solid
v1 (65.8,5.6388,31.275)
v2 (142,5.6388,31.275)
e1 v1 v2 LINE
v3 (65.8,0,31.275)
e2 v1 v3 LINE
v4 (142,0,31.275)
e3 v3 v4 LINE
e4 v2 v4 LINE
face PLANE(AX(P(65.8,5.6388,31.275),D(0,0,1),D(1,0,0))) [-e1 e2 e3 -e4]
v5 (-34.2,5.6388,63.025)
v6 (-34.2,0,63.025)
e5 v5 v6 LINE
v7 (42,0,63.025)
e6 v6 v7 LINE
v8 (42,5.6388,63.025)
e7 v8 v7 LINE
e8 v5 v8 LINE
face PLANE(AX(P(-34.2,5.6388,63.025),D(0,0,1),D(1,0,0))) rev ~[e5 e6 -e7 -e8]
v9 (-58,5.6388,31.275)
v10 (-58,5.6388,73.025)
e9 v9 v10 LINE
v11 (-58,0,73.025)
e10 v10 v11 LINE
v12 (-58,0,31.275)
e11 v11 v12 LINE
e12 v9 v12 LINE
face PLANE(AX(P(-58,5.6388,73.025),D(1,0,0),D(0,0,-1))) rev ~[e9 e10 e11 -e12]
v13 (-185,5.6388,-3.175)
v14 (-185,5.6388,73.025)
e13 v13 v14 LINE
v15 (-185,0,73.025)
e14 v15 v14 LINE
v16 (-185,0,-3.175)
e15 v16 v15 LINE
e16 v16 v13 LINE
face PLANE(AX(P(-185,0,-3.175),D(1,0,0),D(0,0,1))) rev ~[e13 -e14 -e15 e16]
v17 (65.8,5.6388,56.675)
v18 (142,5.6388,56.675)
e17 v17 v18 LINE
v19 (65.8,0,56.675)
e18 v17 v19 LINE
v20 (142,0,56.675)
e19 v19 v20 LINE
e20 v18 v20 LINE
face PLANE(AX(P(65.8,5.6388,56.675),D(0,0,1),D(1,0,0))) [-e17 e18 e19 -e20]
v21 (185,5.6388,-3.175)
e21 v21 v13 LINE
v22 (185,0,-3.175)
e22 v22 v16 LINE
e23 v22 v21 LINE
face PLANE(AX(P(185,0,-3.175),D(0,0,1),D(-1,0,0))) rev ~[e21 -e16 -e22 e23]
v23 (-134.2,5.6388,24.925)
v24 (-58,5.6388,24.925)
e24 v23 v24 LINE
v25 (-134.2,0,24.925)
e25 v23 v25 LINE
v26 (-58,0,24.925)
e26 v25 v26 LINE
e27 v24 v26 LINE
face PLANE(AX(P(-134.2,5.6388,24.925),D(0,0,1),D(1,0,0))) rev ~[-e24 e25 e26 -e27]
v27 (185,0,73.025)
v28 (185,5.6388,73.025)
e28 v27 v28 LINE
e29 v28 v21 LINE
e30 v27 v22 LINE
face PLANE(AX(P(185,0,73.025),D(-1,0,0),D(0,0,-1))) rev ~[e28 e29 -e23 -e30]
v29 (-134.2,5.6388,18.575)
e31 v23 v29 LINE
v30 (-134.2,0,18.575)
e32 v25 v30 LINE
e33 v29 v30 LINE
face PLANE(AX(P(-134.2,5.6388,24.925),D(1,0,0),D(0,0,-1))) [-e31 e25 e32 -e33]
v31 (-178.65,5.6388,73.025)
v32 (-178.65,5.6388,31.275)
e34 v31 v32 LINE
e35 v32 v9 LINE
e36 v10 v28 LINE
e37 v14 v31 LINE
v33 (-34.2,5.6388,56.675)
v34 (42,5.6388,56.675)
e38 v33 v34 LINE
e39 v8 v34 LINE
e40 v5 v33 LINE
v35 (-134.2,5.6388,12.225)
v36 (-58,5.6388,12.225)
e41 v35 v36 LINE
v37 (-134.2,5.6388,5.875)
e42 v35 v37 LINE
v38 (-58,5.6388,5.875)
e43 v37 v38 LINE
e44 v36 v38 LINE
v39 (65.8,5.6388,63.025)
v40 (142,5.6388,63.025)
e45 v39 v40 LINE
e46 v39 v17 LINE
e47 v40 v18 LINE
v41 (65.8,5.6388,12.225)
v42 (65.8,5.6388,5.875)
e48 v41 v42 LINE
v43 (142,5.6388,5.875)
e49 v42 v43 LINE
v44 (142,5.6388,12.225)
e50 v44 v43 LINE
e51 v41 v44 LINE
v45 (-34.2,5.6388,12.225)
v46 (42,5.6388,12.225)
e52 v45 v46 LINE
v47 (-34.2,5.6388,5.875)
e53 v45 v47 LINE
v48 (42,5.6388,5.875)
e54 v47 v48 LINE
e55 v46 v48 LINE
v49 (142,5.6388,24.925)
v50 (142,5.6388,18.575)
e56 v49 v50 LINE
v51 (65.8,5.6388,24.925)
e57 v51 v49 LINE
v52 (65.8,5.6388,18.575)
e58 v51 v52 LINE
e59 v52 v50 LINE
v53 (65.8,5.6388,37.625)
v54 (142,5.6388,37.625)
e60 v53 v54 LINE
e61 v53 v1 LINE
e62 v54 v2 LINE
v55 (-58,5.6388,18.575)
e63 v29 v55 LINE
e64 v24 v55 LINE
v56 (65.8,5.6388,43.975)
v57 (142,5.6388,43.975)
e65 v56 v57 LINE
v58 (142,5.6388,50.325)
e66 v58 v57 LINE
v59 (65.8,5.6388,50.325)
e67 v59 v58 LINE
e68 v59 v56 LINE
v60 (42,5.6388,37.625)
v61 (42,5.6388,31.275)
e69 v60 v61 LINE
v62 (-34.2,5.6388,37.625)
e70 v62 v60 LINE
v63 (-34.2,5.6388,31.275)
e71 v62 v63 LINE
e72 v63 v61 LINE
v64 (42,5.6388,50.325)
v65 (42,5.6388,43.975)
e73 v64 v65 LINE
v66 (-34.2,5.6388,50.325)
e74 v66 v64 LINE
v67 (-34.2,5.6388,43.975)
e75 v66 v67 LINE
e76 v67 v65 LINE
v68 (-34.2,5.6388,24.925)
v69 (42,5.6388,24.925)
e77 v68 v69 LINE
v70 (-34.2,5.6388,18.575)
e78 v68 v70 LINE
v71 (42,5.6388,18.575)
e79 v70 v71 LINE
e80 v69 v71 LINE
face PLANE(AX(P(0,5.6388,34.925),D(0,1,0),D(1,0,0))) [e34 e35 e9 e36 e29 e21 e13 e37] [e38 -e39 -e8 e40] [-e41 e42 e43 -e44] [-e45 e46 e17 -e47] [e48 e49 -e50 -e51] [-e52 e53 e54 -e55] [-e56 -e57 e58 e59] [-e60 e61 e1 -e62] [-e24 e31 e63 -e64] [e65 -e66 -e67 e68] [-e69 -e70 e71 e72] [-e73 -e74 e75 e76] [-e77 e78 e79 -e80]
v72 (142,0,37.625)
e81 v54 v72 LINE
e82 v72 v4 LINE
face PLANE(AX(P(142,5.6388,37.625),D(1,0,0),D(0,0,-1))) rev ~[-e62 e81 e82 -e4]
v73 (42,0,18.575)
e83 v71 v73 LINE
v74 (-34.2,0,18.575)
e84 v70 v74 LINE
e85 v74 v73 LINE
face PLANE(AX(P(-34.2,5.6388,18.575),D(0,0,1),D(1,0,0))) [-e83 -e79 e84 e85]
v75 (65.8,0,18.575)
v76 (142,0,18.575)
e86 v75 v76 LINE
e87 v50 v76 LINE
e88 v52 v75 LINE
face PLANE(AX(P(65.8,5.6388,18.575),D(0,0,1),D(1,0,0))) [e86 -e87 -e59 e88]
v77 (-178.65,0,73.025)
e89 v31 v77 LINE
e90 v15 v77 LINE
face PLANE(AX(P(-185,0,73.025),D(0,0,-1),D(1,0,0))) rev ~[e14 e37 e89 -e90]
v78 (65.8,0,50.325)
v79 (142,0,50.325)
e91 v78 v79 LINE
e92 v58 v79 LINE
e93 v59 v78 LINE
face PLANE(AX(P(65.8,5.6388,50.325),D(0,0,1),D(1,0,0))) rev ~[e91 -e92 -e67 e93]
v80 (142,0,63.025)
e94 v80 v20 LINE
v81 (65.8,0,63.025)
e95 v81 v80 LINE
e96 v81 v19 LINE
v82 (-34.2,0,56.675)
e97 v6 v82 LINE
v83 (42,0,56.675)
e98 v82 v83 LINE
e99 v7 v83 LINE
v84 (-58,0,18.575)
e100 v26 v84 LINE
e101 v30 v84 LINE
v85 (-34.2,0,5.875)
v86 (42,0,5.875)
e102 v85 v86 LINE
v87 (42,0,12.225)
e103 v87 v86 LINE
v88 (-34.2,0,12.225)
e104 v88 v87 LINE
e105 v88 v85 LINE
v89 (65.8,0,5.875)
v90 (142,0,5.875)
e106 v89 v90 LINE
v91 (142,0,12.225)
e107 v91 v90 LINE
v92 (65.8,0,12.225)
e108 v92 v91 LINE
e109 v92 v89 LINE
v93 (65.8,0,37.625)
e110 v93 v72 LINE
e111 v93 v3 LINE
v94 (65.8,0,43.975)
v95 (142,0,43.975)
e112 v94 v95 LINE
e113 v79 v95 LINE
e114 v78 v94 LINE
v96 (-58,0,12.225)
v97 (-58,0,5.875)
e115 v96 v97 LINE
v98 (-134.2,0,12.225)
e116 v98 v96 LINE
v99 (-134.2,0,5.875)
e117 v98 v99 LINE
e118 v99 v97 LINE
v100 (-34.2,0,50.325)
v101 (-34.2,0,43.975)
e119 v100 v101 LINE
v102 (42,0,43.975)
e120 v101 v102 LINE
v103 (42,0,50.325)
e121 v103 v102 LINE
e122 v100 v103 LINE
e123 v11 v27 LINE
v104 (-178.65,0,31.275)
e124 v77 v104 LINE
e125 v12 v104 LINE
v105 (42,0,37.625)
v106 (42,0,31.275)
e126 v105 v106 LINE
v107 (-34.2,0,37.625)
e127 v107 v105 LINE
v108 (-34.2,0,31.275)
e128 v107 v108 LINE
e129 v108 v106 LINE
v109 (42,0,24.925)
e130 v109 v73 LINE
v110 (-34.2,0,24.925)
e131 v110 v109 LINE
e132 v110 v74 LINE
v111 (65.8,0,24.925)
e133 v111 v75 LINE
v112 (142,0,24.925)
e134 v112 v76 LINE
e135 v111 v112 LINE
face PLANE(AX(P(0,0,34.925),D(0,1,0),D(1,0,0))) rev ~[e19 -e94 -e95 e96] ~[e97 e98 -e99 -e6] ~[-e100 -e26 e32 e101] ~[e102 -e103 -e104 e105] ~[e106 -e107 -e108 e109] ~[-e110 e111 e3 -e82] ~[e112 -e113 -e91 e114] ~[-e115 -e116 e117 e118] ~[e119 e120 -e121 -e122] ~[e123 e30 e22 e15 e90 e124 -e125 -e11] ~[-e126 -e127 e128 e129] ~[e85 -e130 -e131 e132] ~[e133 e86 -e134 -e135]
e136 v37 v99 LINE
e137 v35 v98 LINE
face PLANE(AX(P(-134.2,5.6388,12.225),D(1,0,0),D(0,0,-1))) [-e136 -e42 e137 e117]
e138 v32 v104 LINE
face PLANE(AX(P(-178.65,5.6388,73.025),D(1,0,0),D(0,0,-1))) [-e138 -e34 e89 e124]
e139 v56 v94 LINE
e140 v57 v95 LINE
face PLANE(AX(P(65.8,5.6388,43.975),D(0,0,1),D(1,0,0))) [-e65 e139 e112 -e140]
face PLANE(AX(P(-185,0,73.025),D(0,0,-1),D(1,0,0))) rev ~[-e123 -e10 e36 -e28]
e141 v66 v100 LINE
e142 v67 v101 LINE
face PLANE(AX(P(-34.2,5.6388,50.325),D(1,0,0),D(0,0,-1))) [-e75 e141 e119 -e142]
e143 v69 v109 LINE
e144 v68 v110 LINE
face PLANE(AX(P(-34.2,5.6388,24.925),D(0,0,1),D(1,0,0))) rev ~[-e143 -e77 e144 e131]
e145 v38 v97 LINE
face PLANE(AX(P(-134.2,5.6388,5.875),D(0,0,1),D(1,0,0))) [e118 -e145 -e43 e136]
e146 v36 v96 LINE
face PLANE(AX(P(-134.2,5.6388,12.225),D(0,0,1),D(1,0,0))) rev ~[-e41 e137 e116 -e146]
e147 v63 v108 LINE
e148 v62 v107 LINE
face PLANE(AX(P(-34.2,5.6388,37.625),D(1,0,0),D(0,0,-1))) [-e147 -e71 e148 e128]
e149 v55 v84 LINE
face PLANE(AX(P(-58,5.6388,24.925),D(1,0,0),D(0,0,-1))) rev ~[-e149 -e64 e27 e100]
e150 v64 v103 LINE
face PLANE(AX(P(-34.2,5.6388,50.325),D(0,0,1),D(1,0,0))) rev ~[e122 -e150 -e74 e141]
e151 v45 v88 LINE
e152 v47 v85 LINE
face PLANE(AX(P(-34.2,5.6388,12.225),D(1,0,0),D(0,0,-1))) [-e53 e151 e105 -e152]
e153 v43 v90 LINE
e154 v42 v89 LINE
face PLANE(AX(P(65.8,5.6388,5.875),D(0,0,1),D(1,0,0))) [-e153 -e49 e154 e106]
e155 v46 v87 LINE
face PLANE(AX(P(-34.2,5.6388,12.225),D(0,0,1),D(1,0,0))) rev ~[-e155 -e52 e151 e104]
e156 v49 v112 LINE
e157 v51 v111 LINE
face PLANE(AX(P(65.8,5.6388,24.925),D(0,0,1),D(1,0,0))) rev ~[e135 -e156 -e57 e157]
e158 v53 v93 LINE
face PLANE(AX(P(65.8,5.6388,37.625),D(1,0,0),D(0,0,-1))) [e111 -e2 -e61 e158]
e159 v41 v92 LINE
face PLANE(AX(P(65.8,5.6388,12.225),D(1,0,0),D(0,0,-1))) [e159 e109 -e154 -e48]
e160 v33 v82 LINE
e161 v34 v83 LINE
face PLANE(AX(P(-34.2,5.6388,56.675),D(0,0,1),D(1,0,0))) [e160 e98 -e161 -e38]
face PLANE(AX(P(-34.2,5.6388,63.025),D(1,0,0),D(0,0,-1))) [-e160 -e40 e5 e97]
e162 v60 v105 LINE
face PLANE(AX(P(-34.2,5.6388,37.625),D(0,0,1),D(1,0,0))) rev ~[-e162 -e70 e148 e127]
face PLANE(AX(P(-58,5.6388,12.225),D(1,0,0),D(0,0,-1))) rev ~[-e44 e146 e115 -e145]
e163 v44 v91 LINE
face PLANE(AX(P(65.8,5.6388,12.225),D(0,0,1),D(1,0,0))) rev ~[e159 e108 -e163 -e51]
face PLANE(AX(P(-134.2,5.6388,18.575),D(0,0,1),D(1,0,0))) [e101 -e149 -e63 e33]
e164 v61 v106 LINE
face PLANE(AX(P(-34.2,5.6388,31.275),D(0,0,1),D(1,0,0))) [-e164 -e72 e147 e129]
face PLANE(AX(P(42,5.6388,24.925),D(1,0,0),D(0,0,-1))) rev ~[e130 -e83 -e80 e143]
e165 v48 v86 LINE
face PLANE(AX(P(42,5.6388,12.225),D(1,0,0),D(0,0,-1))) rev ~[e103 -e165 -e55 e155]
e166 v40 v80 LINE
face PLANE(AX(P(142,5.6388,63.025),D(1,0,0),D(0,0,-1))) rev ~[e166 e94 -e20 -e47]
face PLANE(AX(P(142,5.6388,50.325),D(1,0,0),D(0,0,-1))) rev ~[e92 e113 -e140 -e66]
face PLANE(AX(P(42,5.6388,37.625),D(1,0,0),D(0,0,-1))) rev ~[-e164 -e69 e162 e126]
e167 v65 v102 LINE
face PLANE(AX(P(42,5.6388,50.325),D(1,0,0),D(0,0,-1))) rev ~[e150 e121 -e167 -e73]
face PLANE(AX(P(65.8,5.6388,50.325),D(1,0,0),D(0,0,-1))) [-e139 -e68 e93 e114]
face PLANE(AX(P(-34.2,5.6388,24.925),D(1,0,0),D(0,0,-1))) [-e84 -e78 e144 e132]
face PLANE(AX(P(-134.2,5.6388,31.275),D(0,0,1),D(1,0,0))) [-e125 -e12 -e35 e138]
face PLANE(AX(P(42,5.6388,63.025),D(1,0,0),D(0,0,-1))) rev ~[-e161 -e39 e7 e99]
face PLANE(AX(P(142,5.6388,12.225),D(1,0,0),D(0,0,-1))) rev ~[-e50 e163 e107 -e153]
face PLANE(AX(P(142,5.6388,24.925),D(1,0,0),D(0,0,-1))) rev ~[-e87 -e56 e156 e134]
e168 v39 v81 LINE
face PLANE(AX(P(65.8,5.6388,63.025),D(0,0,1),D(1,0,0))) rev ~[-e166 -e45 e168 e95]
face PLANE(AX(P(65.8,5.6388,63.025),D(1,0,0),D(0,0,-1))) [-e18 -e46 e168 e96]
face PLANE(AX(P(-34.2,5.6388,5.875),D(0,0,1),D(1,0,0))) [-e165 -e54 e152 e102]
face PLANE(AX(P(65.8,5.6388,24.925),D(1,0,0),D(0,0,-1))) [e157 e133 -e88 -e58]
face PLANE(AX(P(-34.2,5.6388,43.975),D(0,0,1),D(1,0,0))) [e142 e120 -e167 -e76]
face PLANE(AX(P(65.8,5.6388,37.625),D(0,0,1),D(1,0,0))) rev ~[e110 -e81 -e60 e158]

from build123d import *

# Parameters (mm, degrees)
BOSS_EXTRUDE1_DEPTH  = 5.6388
SKETCH2_W            = 76.2
SKETCH2_H            = 6.35
CUT_EXTRUDE1_DEPTH   = 6.6388
LPATTERN1_COUNT      = 5
LPATTERN1_PITCH      = 12.7
LPATTERN1_COUNT_DIR2 = 3
LPATTERN1_PITCH_DIR2 = 100
SKETCH3_W            = 120.65
SKETCH3_H            = 41.75
CUT_EXTRUDE2_DEPTH   = 6.6388


with BuildPart() as part:
    # Sketch1 → Boss-Extrude1 (new body)
    with BuildSketch(Plane(origin=(0, 0, 0), x_dir=(1, 0, 0), z_dir=(0, 1, 0))):
        Polygon((-185, -73.025), (185, -73.025), (185, -6.825), (185, 3.175), (175, 3.175), (-175, 3.175), (-185, 3.175), (-185, -6.825), align=None)
    extrude(amount=BOSS_EXTRUDE1_DEPTH)

    # Sketch2 → Cut-Extrude1 (cut, through all)
    with BuildSketch(Plane(origin=(0, 5.6388, 0), x_dir=(1, 0, 0), z_dir=(0, 1, 0))):
        with Locations((-96.1, -59.85)):
            Rectangle(SKETCH2_W, SKETCH2_H)
    cut_extrude1 = extrude(amount=-CUT_EXTRUDE1_DEPTH, mode=Mode.SUBTRACT)

    # LPattern1: Cut-Extrude1 5 × 3
    with Locations(*[(j * LPATTERN1_PITCH_DIR2, 0, -i * LPATTERN1_PITCH) for i in range(LPATTERN1_COUNT) for j in range(LPATTERN1_COUNT_DIR2) if (i, j) != (0, 0)]):
        add(cut_extrude1, mode=Mode.SUBTRACT)

    # Sketch3 → Cut-Extrude2 (cut, through all)
    with BuildSketch(Plane(origin=(0, 5.6388, 0), x_dir=(1, 0, 0), z_dir=(0, 1, 0))):
        with Locations((-118.325, -52.15)):
            Rectangle(SKETCH3_W, SKETCH3_H)
    extrude(amount=-CUT_EXTRUDE2_DEPTH, mode=Mode.SUBTRACT)


solid = part.part
